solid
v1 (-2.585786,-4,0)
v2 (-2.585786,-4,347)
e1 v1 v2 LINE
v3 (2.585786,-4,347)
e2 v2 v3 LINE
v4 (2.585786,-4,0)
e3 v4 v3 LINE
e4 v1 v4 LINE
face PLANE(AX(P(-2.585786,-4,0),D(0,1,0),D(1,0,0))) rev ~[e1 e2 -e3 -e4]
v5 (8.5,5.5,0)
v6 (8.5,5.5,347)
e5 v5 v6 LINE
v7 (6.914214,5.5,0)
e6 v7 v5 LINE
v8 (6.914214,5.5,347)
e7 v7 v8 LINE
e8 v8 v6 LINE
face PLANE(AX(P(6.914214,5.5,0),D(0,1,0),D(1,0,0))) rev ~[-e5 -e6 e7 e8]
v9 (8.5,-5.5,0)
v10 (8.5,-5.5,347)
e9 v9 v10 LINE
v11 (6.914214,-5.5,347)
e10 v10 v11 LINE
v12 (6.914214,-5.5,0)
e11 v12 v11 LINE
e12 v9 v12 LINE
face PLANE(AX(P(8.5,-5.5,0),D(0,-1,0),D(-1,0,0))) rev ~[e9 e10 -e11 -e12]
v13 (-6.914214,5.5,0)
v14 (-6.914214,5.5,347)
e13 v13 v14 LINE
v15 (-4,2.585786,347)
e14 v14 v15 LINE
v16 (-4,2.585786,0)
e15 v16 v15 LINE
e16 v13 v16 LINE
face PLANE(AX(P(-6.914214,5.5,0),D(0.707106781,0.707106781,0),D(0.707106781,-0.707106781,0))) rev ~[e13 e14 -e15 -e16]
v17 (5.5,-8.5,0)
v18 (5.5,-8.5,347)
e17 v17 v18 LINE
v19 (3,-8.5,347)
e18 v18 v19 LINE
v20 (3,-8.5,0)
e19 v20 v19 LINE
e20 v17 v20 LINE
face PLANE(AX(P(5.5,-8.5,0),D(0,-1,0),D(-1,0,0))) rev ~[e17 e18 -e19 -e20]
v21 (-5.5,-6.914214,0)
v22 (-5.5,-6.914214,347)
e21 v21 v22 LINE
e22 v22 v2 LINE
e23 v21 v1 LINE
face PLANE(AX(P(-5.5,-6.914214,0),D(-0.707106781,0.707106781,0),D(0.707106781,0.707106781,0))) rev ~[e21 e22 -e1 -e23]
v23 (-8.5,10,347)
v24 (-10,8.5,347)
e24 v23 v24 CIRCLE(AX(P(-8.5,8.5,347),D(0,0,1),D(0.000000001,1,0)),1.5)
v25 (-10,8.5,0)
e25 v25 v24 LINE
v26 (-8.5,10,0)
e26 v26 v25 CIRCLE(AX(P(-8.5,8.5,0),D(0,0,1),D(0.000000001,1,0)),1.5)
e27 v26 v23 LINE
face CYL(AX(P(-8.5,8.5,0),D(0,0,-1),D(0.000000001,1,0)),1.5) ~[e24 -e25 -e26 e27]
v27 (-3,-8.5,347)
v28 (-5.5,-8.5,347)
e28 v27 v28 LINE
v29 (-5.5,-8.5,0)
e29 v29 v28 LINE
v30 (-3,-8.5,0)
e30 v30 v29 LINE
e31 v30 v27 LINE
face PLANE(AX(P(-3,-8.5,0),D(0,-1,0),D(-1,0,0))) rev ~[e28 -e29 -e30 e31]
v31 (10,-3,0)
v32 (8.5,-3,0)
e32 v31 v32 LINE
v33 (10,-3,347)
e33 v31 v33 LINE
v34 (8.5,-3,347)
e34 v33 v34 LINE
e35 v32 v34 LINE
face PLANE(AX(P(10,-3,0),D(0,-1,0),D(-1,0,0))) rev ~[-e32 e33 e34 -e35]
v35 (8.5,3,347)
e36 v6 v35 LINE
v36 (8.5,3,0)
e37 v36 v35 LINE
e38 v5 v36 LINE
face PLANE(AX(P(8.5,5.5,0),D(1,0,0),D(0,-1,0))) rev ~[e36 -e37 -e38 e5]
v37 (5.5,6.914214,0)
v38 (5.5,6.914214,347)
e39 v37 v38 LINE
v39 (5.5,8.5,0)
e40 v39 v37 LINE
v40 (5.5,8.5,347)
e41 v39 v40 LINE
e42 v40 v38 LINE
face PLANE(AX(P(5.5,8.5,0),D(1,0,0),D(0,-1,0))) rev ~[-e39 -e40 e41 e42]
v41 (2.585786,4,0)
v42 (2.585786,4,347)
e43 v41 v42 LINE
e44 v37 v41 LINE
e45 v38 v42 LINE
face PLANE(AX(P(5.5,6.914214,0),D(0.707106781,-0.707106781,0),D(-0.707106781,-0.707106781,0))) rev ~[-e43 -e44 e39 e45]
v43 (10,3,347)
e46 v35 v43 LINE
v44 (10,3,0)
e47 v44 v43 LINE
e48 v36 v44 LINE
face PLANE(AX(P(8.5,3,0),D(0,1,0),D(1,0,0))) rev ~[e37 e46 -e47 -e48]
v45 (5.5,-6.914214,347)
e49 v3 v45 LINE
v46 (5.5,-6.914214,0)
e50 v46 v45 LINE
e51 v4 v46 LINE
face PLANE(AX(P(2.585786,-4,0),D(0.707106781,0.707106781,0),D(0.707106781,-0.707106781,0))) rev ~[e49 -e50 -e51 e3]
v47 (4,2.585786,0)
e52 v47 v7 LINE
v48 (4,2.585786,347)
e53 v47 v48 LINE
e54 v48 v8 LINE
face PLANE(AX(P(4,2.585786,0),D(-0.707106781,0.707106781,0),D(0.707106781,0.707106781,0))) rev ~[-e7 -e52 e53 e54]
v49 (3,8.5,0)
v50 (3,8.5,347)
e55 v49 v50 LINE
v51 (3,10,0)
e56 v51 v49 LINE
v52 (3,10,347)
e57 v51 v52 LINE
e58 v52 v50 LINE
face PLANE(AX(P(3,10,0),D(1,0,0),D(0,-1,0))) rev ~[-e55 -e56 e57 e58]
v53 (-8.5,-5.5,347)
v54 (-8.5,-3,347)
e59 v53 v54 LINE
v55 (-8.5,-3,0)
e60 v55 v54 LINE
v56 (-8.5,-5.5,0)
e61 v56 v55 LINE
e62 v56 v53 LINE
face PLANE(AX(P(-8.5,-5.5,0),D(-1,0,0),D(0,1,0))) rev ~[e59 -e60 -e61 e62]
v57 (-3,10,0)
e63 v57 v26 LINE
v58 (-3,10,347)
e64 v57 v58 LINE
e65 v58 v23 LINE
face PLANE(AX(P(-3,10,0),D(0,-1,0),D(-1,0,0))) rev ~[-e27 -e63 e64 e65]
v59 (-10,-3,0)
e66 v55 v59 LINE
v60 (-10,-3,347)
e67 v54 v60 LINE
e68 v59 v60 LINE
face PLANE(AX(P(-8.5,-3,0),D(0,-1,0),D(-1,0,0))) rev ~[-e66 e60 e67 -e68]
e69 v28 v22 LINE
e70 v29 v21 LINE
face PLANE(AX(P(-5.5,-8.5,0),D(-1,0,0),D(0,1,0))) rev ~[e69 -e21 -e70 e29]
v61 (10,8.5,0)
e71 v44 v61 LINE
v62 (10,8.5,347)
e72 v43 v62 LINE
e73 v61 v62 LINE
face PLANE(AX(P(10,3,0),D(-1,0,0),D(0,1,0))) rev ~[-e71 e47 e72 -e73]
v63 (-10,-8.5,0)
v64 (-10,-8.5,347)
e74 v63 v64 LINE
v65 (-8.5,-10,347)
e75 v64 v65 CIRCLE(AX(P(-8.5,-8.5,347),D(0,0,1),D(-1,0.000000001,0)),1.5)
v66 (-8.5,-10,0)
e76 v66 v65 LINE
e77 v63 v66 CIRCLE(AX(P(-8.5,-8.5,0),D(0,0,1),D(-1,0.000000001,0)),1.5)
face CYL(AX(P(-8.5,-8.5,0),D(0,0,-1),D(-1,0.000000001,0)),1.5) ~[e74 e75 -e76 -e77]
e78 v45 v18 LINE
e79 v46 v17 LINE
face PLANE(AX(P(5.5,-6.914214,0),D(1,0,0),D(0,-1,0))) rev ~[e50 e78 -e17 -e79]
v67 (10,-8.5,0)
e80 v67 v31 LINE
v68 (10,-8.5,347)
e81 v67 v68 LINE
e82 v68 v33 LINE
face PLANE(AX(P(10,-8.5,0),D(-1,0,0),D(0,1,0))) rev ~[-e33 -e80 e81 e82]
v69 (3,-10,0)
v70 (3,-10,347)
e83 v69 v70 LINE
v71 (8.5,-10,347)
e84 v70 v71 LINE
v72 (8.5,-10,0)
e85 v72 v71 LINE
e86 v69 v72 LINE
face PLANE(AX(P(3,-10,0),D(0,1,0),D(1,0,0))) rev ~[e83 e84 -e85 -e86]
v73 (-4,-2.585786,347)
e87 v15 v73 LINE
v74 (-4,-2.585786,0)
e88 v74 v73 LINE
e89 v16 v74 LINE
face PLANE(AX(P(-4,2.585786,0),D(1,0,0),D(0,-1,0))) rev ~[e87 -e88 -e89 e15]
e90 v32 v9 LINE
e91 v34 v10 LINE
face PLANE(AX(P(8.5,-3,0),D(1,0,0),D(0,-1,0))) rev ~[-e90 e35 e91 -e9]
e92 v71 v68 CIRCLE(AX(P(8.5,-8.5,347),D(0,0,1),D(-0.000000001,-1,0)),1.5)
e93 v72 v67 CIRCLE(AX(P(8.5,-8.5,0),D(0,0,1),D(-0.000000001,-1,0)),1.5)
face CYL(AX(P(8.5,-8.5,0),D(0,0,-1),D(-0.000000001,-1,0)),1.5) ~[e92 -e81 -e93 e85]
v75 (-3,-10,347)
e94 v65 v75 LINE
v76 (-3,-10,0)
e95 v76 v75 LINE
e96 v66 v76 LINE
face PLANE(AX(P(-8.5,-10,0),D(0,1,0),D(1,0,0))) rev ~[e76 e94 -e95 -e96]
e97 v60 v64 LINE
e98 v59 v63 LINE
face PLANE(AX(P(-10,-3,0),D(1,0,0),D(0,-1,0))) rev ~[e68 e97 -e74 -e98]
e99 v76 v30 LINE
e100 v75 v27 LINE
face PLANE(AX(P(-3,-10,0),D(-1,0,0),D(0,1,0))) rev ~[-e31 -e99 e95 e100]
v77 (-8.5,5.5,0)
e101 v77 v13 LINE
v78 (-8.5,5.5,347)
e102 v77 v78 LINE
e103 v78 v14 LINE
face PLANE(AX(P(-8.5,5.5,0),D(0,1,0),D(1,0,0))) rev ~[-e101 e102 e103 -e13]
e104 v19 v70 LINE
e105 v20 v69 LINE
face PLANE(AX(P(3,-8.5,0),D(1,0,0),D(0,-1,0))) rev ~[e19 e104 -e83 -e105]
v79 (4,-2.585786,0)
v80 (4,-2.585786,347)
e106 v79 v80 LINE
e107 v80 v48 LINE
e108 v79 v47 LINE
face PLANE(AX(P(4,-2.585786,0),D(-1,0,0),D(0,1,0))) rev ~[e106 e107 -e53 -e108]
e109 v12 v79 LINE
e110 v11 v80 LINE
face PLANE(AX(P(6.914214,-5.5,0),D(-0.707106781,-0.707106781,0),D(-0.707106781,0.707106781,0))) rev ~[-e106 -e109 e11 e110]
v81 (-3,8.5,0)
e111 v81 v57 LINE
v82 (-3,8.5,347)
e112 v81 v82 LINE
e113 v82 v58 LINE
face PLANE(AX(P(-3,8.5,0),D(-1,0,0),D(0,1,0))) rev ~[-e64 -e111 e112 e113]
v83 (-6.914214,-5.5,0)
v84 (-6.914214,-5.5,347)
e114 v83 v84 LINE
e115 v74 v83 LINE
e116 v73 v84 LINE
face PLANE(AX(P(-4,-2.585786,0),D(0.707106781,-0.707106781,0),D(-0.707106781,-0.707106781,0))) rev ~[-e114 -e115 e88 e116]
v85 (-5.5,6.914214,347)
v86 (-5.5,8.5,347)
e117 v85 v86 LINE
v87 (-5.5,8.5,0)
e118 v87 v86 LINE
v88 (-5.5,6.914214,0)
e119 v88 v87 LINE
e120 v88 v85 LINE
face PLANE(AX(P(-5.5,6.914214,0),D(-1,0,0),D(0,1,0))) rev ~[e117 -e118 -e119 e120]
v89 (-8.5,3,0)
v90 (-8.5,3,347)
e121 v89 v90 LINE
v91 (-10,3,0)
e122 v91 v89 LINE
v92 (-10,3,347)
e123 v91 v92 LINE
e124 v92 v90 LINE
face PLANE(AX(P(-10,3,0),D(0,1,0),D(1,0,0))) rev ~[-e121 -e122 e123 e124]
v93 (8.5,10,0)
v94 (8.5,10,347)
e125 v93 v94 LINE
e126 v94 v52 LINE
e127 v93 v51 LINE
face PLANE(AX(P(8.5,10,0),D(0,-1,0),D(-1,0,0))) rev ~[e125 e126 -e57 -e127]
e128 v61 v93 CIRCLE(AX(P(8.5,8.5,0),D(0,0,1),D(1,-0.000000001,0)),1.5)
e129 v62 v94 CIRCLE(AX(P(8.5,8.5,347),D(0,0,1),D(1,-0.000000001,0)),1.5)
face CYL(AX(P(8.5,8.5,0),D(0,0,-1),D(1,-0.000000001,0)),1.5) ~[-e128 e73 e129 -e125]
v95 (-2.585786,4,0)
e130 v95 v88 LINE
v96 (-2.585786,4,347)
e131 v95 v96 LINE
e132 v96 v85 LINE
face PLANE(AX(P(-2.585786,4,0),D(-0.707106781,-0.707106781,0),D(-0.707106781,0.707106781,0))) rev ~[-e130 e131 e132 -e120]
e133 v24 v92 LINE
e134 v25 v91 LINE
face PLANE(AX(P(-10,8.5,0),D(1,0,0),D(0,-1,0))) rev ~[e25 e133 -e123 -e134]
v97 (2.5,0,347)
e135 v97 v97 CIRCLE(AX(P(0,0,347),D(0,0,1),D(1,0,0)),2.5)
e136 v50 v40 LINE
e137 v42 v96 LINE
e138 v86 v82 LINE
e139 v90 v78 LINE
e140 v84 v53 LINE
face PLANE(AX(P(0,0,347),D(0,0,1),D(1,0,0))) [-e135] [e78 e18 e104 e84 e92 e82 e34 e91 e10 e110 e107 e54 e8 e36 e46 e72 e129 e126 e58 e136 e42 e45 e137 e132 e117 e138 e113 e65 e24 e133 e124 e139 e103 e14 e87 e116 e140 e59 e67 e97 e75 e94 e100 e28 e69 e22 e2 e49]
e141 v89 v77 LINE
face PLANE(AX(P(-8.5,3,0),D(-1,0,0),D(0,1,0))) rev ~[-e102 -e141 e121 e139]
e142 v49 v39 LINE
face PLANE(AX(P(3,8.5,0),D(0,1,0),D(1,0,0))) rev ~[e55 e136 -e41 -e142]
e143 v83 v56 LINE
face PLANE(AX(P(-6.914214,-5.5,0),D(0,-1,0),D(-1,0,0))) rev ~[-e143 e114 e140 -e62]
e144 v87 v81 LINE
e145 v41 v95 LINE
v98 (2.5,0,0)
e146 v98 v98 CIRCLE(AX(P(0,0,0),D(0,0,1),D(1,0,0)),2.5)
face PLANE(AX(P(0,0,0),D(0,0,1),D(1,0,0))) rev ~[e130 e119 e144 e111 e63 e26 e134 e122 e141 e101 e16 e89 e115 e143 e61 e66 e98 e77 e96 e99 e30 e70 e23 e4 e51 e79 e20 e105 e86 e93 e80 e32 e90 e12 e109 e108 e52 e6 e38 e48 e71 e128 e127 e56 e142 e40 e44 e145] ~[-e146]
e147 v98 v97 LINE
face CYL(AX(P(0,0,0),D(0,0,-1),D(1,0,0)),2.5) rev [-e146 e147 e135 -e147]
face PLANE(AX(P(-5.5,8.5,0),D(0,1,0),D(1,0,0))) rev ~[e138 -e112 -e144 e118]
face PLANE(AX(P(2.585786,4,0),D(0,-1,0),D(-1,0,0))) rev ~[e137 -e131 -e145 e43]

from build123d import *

# Parameters (mm, degrees)
SKETCH1_R           = 2.5
BOSS_EXTRUDE1_DEPTH = 347


with BuildPart() as part:
    # Sketch1 → Boss-Extrude1 (new body)
    with BuildSketch(Plane.XY):
        with BuildLine():
            Line((-2.585786438, 4), (-5.5, 6.914213562))
            Line((-5.5, 6.914213562), (-5.5, 8.5))
            Line((-5.5, 8.5), (-3, 8.5))
            Line((-3, 8.5), (-3, 10))
            Line((-3, 10), (-8.5, 10))
            ThreePointArc((-8.5, 10), (-9.560660172, 9.560660172), (-10, 8.5))
            Line((-10, 8.5), (-10, 3))
            Line((-10, 3), (-8.5, 3))
            Line((-8.5, 3), (-8.5, 5.5))
            Line((-8.5, 5.5), (-6.914213562, 5.5))
            Line((-6.914213562, 5.5), (-4, 2.585786438))
            Line((-4, 2.585786438), (-4, -2.585786438))
            Line((-4, -2.585786438), (-6.914213562, -5.5))
            Line((-6.914213562, -5.5), (-8.5, -5.5))
            Line((-8.5, -5.5), (-8.5, -3))
            Line((-8.5, -3), (-10, -3))
            Line((-10, -3), (-10, -8.5))
            ThreePointArc((-10, -8.5), (-9.560660172, -9.560660172), (-8.5, -10))
            Line((-8.5, -10), (-3, -10))
            Line((-3, -10), (-3, -8.5))
            Line((-3, -8.5), (-5.5, -8.5))
            Line((-5.5, -8.5), (-5.5, -6.914213562))
            Line((-5.5, -6.914213562), (-2.585786438, -4))
            Line((-2.585786438, -4), (2.585786438, -4))
            Line((2.585786438, -4), (5.5, -6.914213562))
            Line((5.5, -6.914213562), (5.5, -8.5))
            Line((5.5, -8.5), (3, -8.5))
            Line((3, -8.5), (3, -10))
            Line((3, -10), (8.5, -10))
            ThreePointArc((8.5, -10), (9.560660172, -9.560660172), (10, -8.5))
            Line((10, -8.5), (10, -3))
            Line((10, -3), (8.5, -3))
            Line((8.5, -3), (8.5, -5.5))
            Line((8.5, -5.5), (6.914213562, -5.5))
            Line((6.914213562, -5.5), (4, -2.585786438))
            Line((4, -2.585786438), (4, 2.585786438))
            Line((4, 2.585786438), (6.914213562, 5.5))
            Line((6.914213562, 5.5), (8.5, 5.5))
            Line((8.5, 5.5), (8.5, 3))
            Line((8.5, 3), (10, 3))
            Line((10, 3), (10, 8.5))
            ThreePointArc((10, 8.5), (9.560660172, 9.560660172), (8.5, 10))
            Line((8.5, 10), (3, 10))
            Line((3, 10), (3, 8.5))
            Line((3, 8.5), (5.5, 8.5))
            Line((5.5, 8.5), (5.5, 6.914213562))
            Line((5.5, 6.914213562), (2.585786438, 4))
            Line((2.585786438, 4), (-2.585786438, 4))
        make_face()
        Circle(SKETCH1_R, mode=Mode.SUBTRACT)
    extrude(amount=BOSS_EXTRUDE1_DEPTH)


solid = part.part
